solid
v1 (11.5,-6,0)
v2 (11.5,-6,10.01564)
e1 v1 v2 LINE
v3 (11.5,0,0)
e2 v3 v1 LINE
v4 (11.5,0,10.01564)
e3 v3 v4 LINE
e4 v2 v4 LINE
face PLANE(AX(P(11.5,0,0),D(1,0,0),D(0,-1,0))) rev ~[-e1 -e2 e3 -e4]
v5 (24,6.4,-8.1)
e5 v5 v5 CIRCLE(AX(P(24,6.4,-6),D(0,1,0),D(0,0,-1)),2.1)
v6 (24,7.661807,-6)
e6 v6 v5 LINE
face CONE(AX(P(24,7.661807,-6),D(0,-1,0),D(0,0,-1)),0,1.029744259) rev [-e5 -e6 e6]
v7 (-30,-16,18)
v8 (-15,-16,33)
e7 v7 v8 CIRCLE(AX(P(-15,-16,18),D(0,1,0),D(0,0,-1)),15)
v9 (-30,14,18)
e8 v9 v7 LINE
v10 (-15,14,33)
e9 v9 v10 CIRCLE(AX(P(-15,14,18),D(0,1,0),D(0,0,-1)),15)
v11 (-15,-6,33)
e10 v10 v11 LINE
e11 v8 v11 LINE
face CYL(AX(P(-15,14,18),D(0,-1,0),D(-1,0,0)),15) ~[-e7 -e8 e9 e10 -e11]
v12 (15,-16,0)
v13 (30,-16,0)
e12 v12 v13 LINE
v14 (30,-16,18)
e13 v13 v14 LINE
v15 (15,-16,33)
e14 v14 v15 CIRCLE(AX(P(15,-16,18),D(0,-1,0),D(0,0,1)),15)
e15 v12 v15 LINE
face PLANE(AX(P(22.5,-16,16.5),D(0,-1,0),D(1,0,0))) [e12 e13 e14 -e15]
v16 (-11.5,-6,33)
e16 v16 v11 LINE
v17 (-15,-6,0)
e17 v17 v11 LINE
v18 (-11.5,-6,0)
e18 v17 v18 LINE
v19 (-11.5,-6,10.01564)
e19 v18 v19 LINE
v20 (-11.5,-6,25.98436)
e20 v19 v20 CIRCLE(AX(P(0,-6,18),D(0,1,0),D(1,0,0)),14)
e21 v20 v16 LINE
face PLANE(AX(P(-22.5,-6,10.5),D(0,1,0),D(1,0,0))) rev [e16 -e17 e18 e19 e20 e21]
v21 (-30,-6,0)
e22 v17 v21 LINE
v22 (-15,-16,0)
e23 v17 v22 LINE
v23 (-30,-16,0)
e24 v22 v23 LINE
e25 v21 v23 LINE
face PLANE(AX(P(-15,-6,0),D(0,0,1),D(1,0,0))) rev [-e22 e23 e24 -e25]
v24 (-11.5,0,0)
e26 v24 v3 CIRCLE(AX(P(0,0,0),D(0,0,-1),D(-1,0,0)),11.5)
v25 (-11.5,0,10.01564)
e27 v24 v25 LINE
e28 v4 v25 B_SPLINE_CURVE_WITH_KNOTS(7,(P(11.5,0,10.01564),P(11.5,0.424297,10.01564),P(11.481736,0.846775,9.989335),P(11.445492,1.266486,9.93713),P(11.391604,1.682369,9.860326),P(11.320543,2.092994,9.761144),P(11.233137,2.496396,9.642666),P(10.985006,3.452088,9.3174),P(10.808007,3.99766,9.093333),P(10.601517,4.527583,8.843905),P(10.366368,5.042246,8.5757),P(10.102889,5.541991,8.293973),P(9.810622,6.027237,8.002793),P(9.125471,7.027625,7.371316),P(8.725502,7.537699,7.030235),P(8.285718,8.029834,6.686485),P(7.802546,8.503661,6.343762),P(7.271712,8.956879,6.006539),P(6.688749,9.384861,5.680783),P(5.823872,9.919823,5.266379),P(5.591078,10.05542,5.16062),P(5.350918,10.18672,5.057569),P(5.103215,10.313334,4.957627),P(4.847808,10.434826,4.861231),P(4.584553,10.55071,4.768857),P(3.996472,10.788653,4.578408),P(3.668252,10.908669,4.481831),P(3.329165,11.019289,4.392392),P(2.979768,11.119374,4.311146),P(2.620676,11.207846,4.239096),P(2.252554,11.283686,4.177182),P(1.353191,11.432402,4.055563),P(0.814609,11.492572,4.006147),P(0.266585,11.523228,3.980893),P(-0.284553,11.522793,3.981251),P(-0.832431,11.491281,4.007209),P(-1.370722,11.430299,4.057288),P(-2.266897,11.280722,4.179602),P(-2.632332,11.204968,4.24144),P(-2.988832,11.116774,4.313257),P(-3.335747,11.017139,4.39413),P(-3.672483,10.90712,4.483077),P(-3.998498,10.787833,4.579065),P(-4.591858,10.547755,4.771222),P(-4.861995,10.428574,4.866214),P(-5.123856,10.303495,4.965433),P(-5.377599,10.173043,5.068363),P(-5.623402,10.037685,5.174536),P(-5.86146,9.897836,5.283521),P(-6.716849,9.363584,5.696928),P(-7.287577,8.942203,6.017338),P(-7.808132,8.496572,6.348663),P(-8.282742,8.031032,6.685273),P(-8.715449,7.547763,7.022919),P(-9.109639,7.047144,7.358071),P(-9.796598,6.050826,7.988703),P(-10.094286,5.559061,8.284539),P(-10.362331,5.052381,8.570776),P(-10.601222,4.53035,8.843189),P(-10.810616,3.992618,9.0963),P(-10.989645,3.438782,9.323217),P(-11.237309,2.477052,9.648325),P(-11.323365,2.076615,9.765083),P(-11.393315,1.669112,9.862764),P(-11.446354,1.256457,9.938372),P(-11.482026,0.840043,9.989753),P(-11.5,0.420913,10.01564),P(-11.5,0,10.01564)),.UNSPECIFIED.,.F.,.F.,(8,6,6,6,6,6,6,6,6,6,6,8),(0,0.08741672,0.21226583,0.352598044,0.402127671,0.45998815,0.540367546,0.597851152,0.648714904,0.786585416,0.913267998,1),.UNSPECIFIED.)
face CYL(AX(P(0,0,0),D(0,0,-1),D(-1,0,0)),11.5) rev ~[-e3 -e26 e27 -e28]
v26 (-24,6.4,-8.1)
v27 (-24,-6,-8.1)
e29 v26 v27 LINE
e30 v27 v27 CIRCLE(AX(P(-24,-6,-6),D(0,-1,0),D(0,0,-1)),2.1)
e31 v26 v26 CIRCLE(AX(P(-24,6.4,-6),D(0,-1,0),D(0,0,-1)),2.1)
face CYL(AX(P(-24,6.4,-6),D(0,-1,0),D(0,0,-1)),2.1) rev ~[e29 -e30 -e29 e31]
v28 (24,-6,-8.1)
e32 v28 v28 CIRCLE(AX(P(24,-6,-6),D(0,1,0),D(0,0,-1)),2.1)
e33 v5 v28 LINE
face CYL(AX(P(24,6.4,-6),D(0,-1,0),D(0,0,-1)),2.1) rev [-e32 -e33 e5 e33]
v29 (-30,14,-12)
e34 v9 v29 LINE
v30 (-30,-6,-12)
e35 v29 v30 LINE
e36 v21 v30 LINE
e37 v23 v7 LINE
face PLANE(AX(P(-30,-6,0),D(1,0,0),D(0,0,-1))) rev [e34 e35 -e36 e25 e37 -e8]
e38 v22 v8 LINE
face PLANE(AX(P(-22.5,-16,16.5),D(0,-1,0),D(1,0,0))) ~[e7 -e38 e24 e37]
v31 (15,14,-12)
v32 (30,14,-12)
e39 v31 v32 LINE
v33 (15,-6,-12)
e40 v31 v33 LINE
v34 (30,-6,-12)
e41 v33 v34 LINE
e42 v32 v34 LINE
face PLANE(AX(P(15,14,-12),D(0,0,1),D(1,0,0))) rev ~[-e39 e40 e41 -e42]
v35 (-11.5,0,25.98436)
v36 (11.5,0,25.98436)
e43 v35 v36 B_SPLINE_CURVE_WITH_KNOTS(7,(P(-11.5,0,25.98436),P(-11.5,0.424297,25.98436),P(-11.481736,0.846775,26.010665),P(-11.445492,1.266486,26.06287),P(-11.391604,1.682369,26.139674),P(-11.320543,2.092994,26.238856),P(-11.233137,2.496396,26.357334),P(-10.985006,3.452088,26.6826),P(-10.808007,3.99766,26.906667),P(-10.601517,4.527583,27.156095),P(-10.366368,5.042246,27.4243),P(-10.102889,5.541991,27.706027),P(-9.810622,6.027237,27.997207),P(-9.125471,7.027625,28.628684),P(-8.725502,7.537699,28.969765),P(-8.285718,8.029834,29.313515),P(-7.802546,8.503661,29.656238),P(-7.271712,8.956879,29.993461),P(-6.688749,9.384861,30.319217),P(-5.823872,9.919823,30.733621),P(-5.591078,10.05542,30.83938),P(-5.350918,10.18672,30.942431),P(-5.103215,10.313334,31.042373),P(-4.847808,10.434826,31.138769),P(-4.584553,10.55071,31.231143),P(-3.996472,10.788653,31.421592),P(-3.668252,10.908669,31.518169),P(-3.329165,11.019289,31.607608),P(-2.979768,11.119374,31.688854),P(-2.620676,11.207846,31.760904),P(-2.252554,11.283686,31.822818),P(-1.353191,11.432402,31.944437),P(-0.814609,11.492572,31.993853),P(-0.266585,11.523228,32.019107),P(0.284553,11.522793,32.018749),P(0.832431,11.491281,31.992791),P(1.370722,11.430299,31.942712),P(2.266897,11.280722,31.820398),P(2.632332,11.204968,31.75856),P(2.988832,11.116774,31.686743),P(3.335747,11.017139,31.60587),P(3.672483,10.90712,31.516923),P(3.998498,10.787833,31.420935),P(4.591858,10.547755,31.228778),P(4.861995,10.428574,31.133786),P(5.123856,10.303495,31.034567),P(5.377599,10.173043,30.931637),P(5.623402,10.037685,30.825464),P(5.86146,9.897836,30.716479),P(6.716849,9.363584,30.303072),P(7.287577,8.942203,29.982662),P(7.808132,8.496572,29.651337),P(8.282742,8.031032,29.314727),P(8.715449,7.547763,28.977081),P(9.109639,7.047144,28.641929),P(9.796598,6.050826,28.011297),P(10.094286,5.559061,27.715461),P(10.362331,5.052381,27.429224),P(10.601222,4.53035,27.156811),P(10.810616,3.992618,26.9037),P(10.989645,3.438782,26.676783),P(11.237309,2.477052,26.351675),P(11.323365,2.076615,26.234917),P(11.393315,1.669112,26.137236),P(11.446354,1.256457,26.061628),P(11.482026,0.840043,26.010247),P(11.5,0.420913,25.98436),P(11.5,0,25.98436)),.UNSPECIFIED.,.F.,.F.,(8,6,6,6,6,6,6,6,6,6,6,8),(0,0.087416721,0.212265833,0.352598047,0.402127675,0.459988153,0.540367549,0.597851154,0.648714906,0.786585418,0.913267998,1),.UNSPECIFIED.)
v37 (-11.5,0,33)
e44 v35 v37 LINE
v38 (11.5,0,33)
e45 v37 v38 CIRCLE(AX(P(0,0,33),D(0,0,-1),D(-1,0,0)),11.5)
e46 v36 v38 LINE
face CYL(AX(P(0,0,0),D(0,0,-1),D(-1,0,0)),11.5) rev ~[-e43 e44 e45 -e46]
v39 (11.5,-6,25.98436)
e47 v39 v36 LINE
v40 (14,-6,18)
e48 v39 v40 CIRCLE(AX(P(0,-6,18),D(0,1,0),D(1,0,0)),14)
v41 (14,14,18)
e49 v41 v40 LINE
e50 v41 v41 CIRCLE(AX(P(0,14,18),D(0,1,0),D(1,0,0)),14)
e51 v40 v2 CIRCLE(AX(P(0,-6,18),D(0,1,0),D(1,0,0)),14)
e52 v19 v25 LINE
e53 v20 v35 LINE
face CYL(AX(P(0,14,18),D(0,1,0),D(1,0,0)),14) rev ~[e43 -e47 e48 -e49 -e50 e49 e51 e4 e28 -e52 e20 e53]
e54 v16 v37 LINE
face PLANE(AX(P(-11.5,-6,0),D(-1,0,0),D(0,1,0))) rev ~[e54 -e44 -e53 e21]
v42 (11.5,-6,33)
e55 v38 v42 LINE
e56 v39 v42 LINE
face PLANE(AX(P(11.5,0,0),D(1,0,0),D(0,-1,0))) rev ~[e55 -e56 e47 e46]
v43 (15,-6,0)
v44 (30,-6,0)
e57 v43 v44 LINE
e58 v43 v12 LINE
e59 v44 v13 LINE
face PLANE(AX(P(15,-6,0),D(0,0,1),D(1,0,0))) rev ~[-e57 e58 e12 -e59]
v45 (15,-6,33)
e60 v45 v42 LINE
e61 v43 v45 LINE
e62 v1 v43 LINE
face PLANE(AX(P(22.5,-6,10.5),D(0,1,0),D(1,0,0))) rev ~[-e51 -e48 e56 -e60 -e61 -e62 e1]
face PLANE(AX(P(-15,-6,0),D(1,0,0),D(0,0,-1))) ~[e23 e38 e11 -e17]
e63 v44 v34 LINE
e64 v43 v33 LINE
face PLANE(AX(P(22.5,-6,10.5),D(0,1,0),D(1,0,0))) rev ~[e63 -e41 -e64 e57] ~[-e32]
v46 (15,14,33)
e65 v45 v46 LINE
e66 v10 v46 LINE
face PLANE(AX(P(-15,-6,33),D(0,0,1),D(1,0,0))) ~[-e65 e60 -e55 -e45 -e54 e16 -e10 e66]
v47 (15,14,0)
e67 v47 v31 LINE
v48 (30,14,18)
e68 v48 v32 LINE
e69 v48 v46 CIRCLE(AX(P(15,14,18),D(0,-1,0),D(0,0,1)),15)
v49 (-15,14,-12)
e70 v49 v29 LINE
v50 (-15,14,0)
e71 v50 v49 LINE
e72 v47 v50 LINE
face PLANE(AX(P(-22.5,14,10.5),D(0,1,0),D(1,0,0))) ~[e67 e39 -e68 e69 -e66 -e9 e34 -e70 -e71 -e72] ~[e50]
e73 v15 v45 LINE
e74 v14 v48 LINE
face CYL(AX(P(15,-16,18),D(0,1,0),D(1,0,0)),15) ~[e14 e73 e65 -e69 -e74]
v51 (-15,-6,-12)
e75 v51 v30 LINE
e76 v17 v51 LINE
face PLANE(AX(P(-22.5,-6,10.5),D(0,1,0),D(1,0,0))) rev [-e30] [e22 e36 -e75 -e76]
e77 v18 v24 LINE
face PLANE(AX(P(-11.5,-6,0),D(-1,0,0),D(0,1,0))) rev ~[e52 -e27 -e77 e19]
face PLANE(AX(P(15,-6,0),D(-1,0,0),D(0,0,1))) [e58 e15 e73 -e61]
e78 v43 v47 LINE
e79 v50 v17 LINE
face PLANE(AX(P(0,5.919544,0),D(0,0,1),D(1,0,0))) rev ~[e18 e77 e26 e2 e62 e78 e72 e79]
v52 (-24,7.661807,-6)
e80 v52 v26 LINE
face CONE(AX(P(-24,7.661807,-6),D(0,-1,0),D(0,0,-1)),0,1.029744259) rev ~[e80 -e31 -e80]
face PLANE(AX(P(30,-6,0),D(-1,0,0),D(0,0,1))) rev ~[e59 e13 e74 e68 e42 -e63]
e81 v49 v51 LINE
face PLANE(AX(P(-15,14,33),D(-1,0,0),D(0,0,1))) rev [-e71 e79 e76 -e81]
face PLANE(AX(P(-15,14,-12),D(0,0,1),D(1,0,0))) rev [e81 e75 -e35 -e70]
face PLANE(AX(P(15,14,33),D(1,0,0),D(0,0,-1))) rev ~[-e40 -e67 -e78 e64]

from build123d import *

# Parameters (mm, degrees)
BOSS_EXTRUDE1_DEPTH = 33
SKETCH3_R           = 14
CUT_EXTRUDE1_DEPTH  = 21
SKETCH4_W           = 15
SKETCH4_H           = 45
BOSS_EXTRUDE2_DEPTH = 20
SKETCH7_W           = 15
SKETCH7_H           = 33
BOSS_EXTRUDE3_DEPTH = 10
FILLET1_R           = 15


with BuildPart() as part:
    # Sketch2 → Boss-Extrude1 (new body)
    with BuildSketch(Plane.XY):
        with BuildLine():
            Line((11.5, 0), (11.5, -6))
            Line((11.5, -6), (15, -6))
            Line((15, -6), (15, 14))
            Line((15, 14), (-15, 14))
            Line((-15, 14), (-15, -6))
            Line((-15, -6), (-11.5, -6))
            Line((-11.5, -6), (-11.5, 0))
            ThreePointArc((-11.5, 0), (0, 11.5), (11.5, 0))
        make_face()
    extrude(amount=BOSS_EXTRUDE1_DEPTH)

    # Sketch3 → Cut-Extrude1 (cut, through all)
    with BuildSketch(Plane(origin=(0, 14, 0), x_dir=(1, 0, 0), z_dir=(0, 1, 0))):
        with Locations((0, -18)):
            Circle(SKETCH3_R)
    extrude(amount=-CUT_EXTRUDE1_DEPTH, mode=Mode.SUBTRACT)

    # Sketch4 → Boss-Extrude2 (add)
    with BuildSketch(Plane(origin=(0, 14, 0), x_dir=(1, 0, 0), z_dir=(0, 1, 0))):
        with Locations((22.5, -10.5)):
            Rectangle(SKETCH4_W, SKETCH4_H)
    boss_extrude2 = extrude(amount=-BOSS_EXTRUDE2_DEPTH)

    # Sketch6 → M5x0.8 Tapped Hole1 (revolve, cut)
    with BuildSketch(Plane(origin=(24, -6, -6), x_dir=(0, 0, -1), z_dir=(1, 0, 0))):
        Polygon((0, 0), (0, 13.6618073), (2.1, 12.4), (2.1, 0), align=None)
    m5x0_8_tapped_hole1 = revolve(axis=Axis((24, -12.35, -6), (0, 1, 0)), mode=Mode.SUBTRACT)

    # Sketch7 → Boss-Extrude3 (add)
    with BuildSketch(Plane.XZ.offset(6)):
        with Locations((22.5, 16.5)):
            Rectangle(SKETCH7_W, SKETCH7_H)
    boss_extrude3 = extrude(amount=BOSS_EXTRUDE3_DEPTH)

    # Mirror1: Boss-Extrude2, M5x0.8 Tapped Hole1, Boss-Extrude3 across plane
    add(boss_extrude2.mirror(Plane(origin=(0, 0, 0), x_dir=(0, 0, 1), z_dir=(1, 0, 0))))
    add(m5x0_8_tapped_hole1.mirror(Plane(origin=(0, 0, 0), x_dir=(0, 0, 1), z_dir=(1, 0, 0))), mode=Mode.SUBTRACT)
    add(boss_extrude3.mirror(Plane(origin=(0, 0, 0), x_dir=(0, 0, 1), z_dir=(1, 0, 0))))

    # Fillet1
    fillet1_edges = [part.edges().sort_by_distance(p)[0] for p in [
        (30, -1, 33),
        (-30, -1, 33),
    ]]
    fillet(fillet1_edges, radius=FILLET1_R)


solid = part.part
